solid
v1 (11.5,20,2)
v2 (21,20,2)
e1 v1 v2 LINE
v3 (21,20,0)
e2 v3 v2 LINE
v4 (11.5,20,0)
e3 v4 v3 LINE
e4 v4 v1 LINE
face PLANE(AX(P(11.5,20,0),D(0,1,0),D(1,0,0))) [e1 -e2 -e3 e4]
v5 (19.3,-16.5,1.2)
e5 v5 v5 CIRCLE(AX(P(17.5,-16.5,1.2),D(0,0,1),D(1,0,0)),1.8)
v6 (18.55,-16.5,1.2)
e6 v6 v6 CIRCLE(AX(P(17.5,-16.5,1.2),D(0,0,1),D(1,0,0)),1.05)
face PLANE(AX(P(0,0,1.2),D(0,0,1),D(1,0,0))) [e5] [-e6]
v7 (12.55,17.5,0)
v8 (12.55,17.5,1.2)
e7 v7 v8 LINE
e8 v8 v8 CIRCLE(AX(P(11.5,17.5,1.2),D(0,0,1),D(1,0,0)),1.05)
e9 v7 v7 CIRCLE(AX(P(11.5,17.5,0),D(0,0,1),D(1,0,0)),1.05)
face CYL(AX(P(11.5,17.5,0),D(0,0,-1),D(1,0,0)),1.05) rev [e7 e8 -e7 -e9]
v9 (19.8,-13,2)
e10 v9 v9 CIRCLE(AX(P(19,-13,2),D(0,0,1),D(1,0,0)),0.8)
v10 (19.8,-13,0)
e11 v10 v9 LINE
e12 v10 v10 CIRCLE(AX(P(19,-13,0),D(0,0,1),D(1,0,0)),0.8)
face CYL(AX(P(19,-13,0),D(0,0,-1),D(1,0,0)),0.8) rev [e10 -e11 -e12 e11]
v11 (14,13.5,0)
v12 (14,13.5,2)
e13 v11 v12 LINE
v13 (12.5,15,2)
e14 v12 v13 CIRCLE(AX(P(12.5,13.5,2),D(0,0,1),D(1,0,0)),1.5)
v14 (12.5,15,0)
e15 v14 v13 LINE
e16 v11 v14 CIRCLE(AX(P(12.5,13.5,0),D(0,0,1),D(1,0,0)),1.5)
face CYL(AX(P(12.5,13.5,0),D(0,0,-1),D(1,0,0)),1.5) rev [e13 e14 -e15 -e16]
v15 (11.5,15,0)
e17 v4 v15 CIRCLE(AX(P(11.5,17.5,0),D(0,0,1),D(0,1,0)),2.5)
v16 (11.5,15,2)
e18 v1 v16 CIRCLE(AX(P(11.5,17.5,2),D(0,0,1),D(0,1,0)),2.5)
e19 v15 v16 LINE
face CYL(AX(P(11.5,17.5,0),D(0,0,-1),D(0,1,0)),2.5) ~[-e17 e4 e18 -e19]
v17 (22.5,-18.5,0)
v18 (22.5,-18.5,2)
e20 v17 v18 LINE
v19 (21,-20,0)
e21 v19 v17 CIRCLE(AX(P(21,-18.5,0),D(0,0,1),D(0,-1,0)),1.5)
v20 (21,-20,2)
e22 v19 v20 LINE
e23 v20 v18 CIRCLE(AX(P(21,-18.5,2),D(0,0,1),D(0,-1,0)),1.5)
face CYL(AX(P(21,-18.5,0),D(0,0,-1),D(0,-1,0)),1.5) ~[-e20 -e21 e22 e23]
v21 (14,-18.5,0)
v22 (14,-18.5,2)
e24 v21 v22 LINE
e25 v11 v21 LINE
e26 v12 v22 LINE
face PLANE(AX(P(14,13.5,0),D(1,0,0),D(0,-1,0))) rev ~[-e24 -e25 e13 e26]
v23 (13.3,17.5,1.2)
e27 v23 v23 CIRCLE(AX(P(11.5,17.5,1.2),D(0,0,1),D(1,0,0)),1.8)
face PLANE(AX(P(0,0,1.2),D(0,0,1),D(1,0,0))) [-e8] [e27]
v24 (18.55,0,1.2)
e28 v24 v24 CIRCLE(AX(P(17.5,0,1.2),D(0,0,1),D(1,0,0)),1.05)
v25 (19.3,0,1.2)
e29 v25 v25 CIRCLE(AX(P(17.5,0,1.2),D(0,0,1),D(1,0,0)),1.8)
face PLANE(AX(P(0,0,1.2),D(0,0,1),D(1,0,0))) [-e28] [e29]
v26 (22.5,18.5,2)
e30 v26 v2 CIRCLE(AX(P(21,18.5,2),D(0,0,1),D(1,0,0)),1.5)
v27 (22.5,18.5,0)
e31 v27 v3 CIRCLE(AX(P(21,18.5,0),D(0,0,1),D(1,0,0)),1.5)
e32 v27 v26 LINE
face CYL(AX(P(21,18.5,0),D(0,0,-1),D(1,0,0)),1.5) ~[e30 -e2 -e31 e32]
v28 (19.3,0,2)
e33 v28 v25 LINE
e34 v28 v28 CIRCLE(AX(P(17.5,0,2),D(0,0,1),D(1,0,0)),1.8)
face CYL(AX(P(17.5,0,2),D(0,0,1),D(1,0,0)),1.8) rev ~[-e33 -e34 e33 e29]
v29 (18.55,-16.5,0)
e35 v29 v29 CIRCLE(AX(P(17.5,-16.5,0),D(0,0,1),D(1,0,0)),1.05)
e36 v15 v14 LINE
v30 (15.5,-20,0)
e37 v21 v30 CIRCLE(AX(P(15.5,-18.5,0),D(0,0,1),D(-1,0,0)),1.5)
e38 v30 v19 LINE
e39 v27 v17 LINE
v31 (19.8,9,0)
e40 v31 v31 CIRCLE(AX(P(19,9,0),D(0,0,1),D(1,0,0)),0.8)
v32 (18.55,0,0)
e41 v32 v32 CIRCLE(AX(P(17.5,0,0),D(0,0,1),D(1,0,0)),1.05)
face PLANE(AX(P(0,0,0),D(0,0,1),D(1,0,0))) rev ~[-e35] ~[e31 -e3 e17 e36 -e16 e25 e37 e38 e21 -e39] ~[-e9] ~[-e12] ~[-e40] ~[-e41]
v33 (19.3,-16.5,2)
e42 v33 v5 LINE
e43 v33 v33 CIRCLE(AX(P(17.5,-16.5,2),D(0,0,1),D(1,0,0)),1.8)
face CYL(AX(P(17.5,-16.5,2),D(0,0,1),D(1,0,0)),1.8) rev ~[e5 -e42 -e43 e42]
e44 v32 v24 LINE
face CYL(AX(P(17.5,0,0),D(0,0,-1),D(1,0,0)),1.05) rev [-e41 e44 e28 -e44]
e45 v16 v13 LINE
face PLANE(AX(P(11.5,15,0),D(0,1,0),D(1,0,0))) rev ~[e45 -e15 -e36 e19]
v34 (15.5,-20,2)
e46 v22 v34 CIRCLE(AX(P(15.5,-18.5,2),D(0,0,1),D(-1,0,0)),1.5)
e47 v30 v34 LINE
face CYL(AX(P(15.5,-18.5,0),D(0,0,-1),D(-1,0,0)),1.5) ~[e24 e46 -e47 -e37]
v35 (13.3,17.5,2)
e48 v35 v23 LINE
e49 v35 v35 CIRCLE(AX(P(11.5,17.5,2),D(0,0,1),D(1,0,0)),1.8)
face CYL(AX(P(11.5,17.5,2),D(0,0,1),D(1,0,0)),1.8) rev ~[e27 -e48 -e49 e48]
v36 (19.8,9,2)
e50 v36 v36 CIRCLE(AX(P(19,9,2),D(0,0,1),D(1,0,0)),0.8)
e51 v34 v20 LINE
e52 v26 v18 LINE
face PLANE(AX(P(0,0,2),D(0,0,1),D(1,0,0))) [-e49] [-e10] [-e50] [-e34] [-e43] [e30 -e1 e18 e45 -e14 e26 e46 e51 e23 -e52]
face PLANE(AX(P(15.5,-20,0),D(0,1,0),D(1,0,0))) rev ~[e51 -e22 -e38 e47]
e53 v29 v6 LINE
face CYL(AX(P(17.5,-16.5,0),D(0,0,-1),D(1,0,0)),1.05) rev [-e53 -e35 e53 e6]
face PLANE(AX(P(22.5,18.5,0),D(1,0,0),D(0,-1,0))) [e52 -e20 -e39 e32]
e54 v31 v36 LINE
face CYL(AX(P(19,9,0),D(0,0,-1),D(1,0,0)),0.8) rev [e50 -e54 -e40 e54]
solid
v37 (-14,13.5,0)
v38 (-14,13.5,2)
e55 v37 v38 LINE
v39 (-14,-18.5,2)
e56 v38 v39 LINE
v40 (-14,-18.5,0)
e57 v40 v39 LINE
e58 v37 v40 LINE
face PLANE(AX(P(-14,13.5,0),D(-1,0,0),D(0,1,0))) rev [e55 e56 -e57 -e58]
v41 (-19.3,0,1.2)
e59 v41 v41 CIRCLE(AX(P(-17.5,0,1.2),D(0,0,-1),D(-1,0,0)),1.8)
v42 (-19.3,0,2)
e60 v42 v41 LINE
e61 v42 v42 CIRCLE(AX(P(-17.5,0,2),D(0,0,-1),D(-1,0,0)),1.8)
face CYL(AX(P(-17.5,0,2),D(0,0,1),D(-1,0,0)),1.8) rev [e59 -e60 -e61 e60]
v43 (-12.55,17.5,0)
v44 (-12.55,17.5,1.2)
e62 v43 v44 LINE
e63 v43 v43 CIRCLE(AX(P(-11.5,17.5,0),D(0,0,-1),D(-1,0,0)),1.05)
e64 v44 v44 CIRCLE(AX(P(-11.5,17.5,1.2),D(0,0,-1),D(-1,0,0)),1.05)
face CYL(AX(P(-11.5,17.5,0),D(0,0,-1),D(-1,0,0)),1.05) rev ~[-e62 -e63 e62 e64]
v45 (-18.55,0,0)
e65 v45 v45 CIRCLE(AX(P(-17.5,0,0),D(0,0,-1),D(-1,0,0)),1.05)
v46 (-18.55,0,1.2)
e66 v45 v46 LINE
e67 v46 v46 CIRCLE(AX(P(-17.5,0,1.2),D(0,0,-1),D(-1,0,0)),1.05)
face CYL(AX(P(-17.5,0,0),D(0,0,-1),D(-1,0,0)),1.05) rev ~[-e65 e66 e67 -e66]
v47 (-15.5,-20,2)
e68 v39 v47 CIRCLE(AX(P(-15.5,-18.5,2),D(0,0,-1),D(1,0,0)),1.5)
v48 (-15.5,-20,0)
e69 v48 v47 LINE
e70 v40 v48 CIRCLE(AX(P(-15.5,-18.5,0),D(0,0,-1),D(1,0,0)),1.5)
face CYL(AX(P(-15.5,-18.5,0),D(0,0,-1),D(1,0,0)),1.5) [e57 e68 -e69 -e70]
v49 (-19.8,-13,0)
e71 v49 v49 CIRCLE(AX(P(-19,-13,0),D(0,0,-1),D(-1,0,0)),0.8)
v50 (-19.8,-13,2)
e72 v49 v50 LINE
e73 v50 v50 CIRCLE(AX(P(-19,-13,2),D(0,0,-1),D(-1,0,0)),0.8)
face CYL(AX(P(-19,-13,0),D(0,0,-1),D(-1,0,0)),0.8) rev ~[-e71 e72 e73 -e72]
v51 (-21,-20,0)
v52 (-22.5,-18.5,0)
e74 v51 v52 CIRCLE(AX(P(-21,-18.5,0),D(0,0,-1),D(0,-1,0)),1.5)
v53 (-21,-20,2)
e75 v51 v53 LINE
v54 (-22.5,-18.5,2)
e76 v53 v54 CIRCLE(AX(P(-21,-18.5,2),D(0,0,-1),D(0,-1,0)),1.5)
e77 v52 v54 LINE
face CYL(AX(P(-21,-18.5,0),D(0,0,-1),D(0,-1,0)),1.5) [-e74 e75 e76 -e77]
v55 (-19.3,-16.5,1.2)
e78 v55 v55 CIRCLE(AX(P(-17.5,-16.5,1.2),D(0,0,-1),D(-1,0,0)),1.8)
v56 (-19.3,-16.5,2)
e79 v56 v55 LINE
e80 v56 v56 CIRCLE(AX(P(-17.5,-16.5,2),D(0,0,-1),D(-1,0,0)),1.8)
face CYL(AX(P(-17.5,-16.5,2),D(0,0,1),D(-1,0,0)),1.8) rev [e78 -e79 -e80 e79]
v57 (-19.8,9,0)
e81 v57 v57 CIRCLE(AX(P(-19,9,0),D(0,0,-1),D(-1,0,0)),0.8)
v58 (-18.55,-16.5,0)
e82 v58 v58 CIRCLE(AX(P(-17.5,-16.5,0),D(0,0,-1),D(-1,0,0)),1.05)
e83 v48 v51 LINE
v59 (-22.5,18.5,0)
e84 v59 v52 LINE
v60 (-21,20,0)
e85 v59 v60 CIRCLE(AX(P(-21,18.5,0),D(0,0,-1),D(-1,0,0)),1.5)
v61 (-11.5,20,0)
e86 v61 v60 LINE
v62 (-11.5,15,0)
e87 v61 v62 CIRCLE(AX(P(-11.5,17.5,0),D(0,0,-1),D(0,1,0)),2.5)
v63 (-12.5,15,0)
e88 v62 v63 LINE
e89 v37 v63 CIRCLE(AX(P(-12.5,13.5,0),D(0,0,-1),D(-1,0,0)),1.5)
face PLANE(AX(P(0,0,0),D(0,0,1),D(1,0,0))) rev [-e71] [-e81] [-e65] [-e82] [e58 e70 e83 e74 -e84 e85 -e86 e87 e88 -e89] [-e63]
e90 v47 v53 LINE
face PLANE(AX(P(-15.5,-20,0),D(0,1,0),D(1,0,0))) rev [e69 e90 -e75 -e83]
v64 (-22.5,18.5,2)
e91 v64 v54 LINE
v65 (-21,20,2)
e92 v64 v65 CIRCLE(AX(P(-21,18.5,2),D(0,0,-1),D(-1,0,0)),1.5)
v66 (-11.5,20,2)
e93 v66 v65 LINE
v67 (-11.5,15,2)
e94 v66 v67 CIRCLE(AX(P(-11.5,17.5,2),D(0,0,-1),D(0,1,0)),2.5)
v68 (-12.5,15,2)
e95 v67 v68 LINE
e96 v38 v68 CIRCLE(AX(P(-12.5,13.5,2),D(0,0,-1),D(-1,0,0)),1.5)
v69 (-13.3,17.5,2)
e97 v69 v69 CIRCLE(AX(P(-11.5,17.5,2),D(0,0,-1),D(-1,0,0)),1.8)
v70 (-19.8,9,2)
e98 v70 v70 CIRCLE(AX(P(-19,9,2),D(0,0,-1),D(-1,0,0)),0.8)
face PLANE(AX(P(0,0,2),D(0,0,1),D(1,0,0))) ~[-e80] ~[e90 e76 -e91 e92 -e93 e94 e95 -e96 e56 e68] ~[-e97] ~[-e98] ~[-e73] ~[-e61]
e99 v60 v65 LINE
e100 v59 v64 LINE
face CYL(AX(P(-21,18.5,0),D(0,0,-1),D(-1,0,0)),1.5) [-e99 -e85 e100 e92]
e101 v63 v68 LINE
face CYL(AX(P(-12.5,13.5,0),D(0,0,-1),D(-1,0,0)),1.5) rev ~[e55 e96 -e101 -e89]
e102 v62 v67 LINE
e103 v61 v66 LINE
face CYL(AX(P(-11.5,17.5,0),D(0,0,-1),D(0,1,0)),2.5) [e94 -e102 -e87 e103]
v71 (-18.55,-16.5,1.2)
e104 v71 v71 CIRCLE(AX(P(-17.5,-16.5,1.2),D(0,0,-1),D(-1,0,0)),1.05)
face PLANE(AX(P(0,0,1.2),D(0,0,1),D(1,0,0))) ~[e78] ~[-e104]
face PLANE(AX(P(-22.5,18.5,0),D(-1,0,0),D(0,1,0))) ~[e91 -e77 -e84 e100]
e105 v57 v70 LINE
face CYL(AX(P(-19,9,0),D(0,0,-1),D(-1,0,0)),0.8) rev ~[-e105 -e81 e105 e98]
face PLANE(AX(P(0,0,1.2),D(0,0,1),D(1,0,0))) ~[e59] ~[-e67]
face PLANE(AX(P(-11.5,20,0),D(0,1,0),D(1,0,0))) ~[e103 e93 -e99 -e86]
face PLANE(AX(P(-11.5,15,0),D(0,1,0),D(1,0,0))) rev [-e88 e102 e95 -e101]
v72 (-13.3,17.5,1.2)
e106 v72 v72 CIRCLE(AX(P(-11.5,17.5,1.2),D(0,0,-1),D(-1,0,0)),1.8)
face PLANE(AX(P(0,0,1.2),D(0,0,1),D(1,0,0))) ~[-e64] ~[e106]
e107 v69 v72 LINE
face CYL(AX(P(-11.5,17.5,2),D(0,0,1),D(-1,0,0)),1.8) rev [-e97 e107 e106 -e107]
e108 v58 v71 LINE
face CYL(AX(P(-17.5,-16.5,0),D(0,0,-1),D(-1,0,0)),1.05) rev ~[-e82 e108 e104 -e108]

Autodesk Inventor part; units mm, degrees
ref_plane "YZ Plane" through (0, 0, 0) normal (1, 0, 0) x (0, 1, 0)
ref_plane "XZ Plane" through (0, 0, 0) normal (0, 1, 0) x (-1, 0, 0)
ref_plane "XY Plane" through (0, 0, 0) normal (0, 0, 1) x (1, 0, 0)
sketch "スケッチ1" plane through (0, 0, 0) normal (0, 0, 1) x (1, 0, 0)
  line L0 (0, 2.2573) -> (0, 51.1276) construction
  line L1 (22.5, 18.5) -> (22.5, -18.5)
  line L2 (19, 9) -> (19, 13) construction
  line L3 (19, -9) -> (19, -13) construction
  line L4 (14, 13.5) -> (14, -18.5)
  line L5 (11.5, 20) -> (21, 20)
  circle A0 centre (17.5, 0) radius 1.05
  circle A1 centre (11.5, 17.5) radius 1.05
  line L6 (17.5, 0) -> (17.5, -16.5) construction
  circle A2 centre (17.5, -16.5) radius 1.05
  arc A3 (11.5, 20) -> (11.5, 15) centre (11.5, 17.5) ccw
  line L7 (15.5, -20) -> (21, -20)
  arc A4 (21, -20) -> (22.5, -18.5) centre (21, -18.5) ccw
  arc A5 (22.5, 18.5) -> (21, 20) centre (21, 18.5) ccw
  arc A6 (14, -18.5) -> (15.5, -20) centre (15.5, -18.5) ccw
  line L8 (-4.5621, 0) -> (27.3728, 0) construction
  line L9 (11.5, 15) -> (12.5, 15)
  arc A7 (14, 13.5) -> (12.5, 15) centre (12.5, 13.5) ccw
  circle A8 centre (19, 9) radius 0.8
  circle A9 centre (19, -13) radius 0.8
  dimension "d6" = 4
  dimension "d10" = 4
  dimension "d19" = 2.1
  dimension "d20" = 9
  dimension "d22" = 2.1
  dimension "d28" = 38
  dimension "d29" = 45
  dimension "d41" = 3.5
  dimension "d46" = 2.5
  dimension "d47" = 35
  dimension "d48" = 9
  dimension "d50" = 22
  dimension "d51" = 1.5
  dimension "d52" = 3.5
  dimension "d53" = 1.5
  dimension "d54" = 40
  dimension "d55" = 28
  dimension "d56" = 1.5
  dimension "d57" = 2.5
  dimension "d58" = 1.6
  dimension "d59" = 1.6
extrude "押し出し1" add sketch "スケッチ1" along normal blind 2
sketch "スケッチ3" plane through (0, 0, 2) normal (0, 0, 1) x (1, 0, 0)
  circle A0 centre (17.5, 0) radius 1.05 projected
  circle A1 centre (17.5, 0) radius 1.8
  circle A2 centre (11.5, 17.5) radius 1.05 projected
  circle A3 centre (11.5, 17.5) radius 1.8
  circle A4 centre (17.5, -16.5) radius 1.05 projected
  circle A5 centre (17.5, -16.5) radius 1.8
  point P0 (0, 0)
  dimension "d33" = 3.6
extrude "押し出し2" cut sketch "スケッチ3" against normal blind 0.8
mirror "ミラー1" about plane through (0, 0, 0) normal (1, 0, 0) of "押し出し1", "押し出し2"
properties part number "battery_cover_base"
